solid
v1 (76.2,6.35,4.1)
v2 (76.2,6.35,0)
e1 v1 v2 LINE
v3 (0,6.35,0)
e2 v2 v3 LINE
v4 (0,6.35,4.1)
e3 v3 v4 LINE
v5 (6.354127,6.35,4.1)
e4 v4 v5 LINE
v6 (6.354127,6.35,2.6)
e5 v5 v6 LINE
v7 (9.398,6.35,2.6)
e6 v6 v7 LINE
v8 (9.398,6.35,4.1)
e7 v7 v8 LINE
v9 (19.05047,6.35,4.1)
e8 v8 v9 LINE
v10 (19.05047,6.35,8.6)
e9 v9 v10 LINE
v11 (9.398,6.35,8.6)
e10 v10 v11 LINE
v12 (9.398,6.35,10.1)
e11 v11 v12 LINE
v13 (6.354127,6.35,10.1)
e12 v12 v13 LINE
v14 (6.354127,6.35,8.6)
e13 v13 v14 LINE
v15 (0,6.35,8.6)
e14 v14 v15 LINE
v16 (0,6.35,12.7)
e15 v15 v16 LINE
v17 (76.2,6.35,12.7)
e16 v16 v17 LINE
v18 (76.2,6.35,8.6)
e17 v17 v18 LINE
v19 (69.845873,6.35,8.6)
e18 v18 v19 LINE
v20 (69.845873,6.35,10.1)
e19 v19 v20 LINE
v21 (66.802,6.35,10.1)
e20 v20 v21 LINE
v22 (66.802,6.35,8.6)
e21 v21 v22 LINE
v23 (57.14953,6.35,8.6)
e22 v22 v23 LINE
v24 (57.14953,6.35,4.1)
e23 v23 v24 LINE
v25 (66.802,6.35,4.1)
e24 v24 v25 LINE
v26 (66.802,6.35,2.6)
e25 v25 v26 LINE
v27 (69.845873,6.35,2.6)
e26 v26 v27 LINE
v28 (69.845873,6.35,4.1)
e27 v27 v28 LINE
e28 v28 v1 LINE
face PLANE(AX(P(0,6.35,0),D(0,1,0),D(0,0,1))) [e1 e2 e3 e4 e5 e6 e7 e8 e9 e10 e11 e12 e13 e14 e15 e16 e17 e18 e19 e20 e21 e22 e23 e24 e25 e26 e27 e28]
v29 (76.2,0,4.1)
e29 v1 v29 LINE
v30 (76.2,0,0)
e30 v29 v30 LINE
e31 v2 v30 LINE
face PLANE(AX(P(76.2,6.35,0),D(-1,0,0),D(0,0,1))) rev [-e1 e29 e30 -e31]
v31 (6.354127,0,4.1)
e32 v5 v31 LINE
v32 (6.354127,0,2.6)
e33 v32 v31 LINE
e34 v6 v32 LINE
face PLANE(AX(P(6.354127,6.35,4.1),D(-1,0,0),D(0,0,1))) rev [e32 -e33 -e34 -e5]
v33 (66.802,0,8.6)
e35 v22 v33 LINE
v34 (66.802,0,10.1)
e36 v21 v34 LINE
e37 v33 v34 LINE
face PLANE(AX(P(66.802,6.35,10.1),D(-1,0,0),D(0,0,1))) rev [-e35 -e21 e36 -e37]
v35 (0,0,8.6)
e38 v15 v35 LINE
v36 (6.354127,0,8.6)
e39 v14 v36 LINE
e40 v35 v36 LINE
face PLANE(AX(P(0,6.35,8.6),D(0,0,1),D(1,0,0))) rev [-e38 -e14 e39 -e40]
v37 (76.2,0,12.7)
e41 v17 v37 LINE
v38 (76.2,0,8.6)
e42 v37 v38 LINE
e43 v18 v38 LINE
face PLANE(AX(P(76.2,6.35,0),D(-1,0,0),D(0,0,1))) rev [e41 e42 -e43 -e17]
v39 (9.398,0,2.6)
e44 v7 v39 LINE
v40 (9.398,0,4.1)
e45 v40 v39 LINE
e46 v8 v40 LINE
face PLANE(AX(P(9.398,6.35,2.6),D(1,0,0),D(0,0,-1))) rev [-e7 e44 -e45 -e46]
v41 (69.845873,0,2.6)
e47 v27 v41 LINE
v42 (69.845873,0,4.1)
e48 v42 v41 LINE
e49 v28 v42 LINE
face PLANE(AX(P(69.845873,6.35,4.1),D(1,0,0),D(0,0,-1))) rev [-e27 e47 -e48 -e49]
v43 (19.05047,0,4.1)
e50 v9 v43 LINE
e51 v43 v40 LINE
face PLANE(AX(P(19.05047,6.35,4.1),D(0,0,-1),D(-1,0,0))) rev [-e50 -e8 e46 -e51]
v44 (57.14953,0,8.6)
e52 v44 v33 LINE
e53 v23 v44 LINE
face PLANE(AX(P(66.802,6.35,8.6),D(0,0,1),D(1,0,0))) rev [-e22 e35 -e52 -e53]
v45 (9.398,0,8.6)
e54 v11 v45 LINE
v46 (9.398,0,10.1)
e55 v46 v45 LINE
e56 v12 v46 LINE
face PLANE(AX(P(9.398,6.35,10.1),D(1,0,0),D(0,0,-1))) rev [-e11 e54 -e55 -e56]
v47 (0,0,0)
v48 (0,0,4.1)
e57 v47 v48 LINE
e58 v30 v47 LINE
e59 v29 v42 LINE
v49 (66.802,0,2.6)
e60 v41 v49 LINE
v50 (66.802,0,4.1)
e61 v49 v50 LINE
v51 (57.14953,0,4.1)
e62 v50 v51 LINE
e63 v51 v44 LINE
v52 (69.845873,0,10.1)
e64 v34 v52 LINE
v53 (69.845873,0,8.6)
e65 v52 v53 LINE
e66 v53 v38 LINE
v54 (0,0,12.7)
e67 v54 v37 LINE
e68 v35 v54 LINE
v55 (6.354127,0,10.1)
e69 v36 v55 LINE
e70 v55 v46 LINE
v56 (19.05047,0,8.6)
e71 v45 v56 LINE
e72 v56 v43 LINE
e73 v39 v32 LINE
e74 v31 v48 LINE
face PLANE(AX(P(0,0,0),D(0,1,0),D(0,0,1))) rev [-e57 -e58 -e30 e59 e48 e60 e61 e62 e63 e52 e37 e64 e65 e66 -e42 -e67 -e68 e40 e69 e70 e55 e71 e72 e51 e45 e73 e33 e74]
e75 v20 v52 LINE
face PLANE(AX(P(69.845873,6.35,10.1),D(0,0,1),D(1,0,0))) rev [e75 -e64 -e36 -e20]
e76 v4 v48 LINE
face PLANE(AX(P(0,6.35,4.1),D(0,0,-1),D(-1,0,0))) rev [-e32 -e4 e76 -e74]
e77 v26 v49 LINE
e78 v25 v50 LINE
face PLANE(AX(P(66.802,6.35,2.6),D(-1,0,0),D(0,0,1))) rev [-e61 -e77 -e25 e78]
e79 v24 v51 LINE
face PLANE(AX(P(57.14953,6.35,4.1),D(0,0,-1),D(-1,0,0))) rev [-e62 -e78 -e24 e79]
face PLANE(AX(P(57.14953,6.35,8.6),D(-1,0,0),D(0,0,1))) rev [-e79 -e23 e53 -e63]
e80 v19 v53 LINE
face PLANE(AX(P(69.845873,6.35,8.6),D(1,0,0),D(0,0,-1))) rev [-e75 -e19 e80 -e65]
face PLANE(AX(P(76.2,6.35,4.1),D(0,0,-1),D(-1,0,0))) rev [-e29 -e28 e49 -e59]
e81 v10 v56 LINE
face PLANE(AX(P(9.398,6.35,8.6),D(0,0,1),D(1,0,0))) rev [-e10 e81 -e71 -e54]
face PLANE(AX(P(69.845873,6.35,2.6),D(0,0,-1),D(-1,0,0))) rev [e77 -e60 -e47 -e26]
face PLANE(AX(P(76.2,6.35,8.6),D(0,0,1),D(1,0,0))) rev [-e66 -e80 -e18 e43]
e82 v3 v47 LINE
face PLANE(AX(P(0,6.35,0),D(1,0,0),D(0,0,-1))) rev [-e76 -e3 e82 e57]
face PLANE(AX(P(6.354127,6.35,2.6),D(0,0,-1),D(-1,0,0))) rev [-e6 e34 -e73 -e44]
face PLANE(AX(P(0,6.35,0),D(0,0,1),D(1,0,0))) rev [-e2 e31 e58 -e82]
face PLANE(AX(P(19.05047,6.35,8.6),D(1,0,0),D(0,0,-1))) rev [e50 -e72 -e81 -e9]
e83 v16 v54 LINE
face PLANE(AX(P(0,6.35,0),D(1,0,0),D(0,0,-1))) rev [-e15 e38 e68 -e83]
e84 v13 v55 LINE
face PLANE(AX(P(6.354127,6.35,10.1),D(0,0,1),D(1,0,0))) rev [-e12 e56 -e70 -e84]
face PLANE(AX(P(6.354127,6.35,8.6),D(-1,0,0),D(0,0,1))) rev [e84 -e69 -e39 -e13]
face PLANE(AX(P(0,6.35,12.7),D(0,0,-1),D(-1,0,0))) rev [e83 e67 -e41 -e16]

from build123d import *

# Parameters (mm, degrees)
SKETCH1_W               = 76.2
SKETCH1_H               = 12.7
BOSS_EXTRUDE1_DEPTH     = 6.35
CUT_EXTRUDE1_DEPTH      = 1
CUT_EXTRUDE1_DEPTH_BACK = 7.35


with BuildPart() as part:
    # Sketch1 → Boss-Extrude1 (new body)
    with BuildSketch(Plane(origin=(0, 0, 0), x_dir=(1, 0, 0), z_dir=(0, 1, 0))):
        with Locations((38.1, -6.35)):
            Rectangle(SKETCH1_W, SKETCH1_H)
    extrude(amount=BOSS_EXTRUDE1_DEPTH)

    # Sketch2 → Cut-Extrude1 (cut, two sides)
    with BuildSketch(Plane(origin=(0, 0, 0), x_dir=(-1, 0, 0), z_dir=(0, -1, 0))) as cut_extrude1_sk:
        Polygon((-76.2, -8.6), (-76.2, -4.1), (-69.845872794, -4.1), (-69.845872794, -2.6), (-66.802, -2.6), (-66.802, -4.1), (-57.149530135, -4.1), (-57.149530135, -8.6), (-66.802, -8.6), (-66.802, -10.1), (-69.845872794, -10.1), (-69.845872794, -8.6), align=None)
        Polygon((-19.050469865, -4.1), (-9.398, -4.1), (-9.398, -2.6), (-6.354127206, -2.6), (-6.354127206, -4.1), (0, -4.1), (0, -8.6), (-6.354127206, -8.6), (-6.354127206, -10.1), (-9.398, -10.1), (-9.398, -8.6), (-19.050469865, -8.6), align=None)
    extrude(amount=CUT_EXTRUDE1_DEPTH, mode=Mode.SUBTRACT)
    extrude(cut_extrude1_sk.sketch, amount=-CUT_EXTRUDE1_DEPTH_BACK, mode=Mode.SUBTRACT)


solid = part.part
